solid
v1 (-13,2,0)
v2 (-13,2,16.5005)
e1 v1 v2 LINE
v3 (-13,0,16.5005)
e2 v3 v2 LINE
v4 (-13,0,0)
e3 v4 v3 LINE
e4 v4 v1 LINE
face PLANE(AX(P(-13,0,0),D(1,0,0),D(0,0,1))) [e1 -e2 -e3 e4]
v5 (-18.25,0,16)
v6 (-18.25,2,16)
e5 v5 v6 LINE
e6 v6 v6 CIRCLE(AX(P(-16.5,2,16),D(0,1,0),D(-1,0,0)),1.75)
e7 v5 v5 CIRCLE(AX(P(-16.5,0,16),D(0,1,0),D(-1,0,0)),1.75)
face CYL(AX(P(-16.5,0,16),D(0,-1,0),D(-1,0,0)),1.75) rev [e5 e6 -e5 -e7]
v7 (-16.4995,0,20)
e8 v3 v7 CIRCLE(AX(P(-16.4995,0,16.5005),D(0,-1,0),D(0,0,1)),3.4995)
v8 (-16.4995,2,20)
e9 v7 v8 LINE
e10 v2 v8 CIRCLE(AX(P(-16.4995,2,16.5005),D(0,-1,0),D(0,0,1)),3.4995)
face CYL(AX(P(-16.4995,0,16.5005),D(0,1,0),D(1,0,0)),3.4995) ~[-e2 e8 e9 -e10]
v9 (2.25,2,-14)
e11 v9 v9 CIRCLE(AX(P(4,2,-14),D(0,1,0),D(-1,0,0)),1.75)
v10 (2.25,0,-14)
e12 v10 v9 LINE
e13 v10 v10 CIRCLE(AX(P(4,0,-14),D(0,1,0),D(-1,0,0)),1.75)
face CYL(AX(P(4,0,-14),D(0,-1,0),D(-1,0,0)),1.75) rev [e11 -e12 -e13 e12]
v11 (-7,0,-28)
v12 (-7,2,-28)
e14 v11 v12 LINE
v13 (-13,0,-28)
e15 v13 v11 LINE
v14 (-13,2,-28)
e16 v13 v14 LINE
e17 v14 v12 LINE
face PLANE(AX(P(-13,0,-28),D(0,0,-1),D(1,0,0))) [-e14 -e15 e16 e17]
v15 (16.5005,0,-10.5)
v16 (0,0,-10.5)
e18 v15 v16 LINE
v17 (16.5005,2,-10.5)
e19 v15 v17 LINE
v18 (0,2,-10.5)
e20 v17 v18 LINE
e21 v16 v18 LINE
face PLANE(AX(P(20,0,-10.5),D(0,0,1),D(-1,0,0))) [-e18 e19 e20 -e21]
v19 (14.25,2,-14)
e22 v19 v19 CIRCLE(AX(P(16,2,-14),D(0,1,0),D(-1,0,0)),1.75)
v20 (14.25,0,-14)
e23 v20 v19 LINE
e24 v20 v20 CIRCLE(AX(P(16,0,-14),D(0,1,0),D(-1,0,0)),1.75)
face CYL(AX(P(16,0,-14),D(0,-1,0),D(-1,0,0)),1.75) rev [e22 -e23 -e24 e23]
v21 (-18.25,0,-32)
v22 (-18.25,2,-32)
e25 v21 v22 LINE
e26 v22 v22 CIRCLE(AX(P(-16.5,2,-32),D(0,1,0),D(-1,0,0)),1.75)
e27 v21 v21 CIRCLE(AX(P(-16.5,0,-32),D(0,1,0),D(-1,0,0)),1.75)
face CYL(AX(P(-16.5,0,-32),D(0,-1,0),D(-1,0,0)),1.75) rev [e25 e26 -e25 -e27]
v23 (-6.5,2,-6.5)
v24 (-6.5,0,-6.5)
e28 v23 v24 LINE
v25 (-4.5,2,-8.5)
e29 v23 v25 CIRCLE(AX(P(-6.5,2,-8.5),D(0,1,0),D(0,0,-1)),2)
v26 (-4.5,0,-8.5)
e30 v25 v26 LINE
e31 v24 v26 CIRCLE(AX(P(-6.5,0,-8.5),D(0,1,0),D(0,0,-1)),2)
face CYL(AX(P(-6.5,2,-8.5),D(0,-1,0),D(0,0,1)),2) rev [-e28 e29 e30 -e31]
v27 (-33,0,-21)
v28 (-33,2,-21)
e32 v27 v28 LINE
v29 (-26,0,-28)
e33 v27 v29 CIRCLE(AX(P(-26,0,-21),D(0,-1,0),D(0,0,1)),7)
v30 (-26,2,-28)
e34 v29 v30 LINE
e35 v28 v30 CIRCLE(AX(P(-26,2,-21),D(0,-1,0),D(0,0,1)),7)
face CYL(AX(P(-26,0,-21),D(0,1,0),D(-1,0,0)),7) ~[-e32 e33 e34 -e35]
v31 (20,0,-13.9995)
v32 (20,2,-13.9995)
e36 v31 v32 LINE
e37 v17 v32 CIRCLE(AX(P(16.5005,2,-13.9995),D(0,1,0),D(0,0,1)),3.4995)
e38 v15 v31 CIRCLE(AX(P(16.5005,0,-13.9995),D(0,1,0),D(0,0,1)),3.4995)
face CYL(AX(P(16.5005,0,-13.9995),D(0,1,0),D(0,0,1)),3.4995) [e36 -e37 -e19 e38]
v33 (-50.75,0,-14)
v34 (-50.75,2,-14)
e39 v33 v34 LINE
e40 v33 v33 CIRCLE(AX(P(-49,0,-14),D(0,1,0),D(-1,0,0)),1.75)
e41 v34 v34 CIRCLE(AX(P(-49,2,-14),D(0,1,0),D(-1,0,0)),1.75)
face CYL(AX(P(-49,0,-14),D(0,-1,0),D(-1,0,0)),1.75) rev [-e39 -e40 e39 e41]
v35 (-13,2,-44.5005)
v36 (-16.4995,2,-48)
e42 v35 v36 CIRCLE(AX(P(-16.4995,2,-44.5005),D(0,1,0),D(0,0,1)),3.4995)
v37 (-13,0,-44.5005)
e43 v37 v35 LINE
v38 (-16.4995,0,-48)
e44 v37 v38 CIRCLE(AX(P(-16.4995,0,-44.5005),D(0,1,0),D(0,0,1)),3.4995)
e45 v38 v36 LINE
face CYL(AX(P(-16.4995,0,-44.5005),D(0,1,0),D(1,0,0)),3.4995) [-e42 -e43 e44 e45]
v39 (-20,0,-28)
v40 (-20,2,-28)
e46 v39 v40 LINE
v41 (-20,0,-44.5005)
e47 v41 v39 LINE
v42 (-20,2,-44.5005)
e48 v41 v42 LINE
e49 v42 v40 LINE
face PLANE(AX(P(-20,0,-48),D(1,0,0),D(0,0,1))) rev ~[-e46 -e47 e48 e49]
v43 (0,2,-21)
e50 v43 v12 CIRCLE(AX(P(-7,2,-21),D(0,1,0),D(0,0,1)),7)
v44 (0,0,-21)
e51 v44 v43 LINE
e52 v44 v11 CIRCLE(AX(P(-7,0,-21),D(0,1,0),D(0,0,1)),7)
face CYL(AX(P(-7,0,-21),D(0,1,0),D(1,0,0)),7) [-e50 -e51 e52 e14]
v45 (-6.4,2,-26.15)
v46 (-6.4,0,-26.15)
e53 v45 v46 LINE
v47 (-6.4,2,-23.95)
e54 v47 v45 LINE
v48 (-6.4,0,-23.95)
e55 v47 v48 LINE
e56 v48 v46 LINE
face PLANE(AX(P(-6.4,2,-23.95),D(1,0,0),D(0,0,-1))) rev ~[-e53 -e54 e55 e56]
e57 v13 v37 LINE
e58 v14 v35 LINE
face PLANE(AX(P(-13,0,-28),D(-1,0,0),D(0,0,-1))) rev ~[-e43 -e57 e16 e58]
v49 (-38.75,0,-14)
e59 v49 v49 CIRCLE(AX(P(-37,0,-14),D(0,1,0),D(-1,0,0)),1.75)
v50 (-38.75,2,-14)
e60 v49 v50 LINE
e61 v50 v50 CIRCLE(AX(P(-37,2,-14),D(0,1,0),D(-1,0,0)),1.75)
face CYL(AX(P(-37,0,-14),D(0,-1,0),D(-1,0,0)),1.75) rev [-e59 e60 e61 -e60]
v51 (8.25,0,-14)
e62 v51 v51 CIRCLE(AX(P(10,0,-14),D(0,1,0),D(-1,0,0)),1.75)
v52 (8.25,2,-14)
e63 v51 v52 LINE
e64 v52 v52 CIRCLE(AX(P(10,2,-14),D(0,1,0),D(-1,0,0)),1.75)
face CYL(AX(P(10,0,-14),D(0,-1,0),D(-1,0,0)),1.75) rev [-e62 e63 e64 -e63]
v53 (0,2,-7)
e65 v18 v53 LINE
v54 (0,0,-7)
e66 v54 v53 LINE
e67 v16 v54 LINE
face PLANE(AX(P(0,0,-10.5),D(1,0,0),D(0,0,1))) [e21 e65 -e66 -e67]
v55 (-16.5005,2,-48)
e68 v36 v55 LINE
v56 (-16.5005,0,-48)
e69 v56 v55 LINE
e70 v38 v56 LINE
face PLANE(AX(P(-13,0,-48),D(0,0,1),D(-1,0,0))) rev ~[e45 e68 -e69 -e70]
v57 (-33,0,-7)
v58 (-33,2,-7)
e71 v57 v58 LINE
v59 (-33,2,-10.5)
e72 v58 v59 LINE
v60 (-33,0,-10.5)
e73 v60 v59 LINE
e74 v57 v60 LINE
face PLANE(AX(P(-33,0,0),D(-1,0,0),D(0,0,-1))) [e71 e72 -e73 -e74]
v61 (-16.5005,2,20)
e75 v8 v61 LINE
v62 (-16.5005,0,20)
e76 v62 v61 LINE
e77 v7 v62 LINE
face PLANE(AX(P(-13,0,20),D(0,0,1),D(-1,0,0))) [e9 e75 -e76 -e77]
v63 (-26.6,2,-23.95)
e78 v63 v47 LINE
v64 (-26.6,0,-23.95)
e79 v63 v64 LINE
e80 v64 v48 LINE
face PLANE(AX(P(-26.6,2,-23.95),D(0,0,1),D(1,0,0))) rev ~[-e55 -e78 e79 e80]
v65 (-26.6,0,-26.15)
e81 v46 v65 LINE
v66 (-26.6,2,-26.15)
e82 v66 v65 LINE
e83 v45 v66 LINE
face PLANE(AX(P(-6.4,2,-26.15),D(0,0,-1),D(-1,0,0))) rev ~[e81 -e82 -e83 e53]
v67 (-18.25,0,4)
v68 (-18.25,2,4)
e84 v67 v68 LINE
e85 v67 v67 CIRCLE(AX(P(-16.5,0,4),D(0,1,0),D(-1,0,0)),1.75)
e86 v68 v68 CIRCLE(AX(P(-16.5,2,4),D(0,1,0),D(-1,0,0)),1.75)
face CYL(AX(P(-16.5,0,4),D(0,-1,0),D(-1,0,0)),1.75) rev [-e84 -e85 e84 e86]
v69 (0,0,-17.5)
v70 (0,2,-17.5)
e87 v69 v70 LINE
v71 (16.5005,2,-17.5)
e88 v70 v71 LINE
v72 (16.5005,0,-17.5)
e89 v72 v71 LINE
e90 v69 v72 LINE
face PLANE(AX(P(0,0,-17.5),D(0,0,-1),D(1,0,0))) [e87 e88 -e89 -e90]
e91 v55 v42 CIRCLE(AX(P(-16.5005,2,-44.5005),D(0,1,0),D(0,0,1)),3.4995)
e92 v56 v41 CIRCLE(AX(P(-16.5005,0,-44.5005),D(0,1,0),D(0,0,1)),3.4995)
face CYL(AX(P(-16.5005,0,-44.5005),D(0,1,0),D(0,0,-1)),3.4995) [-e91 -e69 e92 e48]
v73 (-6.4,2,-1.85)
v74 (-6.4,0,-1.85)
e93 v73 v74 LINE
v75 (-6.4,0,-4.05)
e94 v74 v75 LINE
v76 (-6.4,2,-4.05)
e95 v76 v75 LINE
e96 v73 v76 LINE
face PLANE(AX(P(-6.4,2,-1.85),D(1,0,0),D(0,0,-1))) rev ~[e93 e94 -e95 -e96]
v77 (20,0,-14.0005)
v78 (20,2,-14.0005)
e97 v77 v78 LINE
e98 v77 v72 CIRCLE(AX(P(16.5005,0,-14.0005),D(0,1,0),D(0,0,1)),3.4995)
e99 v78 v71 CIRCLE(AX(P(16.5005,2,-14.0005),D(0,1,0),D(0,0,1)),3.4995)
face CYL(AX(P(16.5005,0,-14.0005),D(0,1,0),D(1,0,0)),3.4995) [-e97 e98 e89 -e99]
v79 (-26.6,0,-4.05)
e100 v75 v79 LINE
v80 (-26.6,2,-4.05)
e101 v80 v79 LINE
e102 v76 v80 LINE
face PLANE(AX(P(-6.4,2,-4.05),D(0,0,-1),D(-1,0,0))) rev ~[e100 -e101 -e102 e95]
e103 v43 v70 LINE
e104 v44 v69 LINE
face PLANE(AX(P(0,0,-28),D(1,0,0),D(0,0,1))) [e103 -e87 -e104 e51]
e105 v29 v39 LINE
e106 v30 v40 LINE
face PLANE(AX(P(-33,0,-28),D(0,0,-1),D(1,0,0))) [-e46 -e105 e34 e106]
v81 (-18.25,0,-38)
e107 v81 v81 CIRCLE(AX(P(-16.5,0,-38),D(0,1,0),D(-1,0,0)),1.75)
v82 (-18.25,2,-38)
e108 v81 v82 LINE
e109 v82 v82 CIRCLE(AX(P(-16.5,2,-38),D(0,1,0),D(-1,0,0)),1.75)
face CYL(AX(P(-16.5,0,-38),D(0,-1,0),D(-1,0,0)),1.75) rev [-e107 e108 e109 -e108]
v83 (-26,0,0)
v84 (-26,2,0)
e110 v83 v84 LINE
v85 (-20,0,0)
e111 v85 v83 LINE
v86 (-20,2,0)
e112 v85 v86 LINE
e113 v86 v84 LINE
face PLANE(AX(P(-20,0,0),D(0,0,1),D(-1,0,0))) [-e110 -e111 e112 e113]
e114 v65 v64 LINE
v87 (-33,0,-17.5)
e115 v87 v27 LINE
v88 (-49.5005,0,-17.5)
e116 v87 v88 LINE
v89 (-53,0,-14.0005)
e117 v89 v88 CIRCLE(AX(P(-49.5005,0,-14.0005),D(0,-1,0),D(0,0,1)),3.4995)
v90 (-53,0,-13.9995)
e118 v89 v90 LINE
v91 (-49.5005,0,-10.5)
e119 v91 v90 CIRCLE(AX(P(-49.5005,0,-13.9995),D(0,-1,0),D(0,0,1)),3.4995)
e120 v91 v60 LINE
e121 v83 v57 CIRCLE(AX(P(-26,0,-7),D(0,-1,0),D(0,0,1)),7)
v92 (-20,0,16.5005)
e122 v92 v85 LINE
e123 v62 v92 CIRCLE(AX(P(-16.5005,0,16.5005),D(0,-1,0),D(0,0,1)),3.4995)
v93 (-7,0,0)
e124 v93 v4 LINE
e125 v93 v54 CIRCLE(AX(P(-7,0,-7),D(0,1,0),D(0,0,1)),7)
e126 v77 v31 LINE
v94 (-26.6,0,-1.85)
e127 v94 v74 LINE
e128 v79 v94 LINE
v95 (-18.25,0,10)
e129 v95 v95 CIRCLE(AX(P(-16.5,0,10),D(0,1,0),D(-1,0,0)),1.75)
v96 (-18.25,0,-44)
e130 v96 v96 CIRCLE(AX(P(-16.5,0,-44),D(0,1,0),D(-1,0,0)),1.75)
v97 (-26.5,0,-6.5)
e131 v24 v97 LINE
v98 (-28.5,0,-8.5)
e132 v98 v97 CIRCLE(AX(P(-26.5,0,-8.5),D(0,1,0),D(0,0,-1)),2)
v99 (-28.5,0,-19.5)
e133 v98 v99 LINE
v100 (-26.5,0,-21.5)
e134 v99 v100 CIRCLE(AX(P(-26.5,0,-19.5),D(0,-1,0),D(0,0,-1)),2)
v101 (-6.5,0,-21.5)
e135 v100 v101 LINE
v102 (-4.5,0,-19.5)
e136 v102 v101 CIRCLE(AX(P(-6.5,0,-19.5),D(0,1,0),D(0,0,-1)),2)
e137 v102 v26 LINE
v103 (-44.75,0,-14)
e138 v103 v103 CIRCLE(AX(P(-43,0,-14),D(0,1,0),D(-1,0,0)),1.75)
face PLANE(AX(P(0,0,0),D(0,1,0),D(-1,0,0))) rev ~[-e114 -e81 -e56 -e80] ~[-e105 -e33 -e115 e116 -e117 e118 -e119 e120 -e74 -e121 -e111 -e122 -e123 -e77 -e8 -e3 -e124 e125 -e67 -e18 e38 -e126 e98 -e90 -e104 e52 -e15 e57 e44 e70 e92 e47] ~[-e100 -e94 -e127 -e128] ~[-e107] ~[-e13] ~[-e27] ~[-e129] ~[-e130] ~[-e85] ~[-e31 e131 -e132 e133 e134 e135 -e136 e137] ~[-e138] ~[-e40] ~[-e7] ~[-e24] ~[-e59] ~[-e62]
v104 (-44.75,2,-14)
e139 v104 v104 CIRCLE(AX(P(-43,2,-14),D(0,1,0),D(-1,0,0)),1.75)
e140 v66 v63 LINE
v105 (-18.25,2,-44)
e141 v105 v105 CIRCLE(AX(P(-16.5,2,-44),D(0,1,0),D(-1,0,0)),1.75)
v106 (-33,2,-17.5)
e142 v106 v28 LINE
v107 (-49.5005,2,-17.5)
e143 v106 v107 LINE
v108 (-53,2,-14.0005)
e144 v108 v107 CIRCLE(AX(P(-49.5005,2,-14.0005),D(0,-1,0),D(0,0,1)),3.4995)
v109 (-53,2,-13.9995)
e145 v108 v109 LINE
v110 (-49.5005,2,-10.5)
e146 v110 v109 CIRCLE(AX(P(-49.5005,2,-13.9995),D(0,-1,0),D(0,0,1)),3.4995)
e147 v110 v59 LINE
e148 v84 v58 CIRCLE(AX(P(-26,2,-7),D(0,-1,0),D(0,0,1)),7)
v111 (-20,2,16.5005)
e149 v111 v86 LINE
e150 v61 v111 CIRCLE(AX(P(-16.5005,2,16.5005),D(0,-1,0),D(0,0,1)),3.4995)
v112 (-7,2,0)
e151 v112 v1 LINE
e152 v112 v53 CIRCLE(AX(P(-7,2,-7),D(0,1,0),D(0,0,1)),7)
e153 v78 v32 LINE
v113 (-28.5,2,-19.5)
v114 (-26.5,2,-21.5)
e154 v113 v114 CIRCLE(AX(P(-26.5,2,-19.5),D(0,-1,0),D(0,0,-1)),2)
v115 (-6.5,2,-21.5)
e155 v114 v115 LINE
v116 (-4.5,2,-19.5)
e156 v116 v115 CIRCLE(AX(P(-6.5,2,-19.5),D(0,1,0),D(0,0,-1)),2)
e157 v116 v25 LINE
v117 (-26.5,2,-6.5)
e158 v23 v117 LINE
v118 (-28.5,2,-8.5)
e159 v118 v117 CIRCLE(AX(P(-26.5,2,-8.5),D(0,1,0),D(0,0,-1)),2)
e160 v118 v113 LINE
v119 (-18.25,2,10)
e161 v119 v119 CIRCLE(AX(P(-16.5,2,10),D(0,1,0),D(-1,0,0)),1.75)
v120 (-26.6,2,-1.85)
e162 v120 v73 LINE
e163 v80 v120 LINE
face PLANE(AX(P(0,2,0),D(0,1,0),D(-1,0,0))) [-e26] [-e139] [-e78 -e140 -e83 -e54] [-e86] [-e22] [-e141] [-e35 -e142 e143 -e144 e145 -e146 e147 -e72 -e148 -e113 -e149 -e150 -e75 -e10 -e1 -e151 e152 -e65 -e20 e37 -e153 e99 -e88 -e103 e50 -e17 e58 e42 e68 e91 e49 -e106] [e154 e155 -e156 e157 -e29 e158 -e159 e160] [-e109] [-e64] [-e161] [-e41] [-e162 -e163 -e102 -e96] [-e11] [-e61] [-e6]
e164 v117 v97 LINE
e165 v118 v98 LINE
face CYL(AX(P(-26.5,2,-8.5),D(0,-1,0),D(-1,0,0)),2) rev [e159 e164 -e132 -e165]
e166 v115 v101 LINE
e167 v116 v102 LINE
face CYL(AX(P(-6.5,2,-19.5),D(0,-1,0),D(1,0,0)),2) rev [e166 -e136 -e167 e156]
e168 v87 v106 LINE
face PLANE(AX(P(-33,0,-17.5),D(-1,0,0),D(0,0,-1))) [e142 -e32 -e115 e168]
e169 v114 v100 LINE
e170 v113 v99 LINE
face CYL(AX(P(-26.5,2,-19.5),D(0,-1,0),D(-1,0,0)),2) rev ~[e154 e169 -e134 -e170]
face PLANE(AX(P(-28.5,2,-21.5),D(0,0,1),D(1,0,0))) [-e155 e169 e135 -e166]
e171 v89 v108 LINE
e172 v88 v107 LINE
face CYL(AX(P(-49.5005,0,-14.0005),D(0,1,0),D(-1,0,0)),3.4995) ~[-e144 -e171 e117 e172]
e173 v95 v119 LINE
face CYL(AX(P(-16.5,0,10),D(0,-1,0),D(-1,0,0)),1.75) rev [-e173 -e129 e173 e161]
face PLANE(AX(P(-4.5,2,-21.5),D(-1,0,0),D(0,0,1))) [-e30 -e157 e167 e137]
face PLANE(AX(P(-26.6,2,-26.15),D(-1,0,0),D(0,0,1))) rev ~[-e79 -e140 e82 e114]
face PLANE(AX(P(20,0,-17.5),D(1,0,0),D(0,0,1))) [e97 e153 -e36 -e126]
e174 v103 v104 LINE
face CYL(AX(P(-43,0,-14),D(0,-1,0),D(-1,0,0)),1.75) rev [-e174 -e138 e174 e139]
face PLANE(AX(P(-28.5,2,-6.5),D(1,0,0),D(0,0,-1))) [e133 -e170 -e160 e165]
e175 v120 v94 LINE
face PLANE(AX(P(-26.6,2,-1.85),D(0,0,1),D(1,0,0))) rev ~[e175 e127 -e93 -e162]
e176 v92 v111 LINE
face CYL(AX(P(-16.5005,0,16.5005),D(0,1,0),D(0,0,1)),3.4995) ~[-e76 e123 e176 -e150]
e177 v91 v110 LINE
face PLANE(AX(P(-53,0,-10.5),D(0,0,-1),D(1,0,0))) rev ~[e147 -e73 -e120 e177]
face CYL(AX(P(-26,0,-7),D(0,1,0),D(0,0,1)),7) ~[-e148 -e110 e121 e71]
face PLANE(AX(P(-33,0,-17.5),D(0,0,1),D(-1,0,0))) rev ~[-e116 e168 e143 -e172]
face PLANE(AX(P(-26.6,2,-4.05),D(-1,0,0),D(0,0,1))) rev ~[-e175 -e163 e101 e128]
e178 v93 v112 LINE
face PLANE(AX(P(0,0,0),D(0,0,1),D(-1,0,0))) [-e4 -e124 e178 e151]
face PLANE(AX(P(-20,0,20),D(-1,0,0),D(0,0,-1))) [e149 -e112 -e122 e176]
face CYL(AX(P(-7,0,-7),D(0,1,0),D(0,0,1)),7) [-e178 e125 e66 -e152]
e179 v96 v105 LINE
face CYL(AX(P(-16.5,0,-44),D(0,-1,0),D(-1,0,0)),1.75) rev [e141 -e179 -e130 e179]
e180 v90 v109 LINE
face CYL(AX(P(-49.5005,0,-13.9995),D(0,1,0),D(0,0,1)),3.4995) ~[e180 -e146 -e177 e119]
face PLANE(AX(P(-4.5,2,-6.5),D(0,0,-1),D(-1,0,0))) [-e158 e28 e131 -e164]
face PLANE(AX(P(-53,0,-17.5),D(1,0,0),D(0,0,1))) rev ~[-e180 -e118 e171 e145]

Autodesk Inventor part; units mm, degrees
ref_plane "YZ Plane" through (0, 0, 0) normal (1, 0, 0) x (0, 1, 0)
ref_plane "XZ Plane" through (0, 0, 0) normal (0, 1, 0) x (-1, 0, 0)
ref_plane "XY Plane" through (0, 0, 0) normal (0, 0, 1) x (1, 0, 0)
sketch "Sketch1" plane through (0, 0, 0) normal (0, 1, 0) x (-1, 0, 0)
  line L0 (0, 0) -> (33, 0)
  line L1 (33, 0) -> (33, -28)
  line L2 (33, -28) -> (0, -28)
  line L3 (0, -28) -> (0, 0)
  line L4 (0, -17.5) -> (-20, -17.5)
  line L5 (-20, -17.5) -> (-20, -10.5)
  line L6 (-20, -10.5) -> (0, -10.5)
  line L7 (0, -10.5) -> (0, -17.5)
  line L8 (33, -17.5) -> (53, -17.5)
  line L9 (53, -17.5) -> (53, -10.5)
  line L10 (53, -10.5) -> (33, -10.5)
  line L11 (33, -10.5) -> (33, -17.5)
  line L12 (20, -28) -> (13, -28)
  line L13 (13, -28) -> (13, -48)
  line L14 (13, -48) -> (20, -48)
  line L15 (20, -48) -> (20, -28)
  line L16 (20, 0) -> (13, 0)
  line L17 (13, 0) -> (13, 20)
  line L18 (13, 20) -> (20, 20)
  line L19 (20, 20) -> (20, 0)
  circle A0 centre (16.5, -44) radius 1.75
  circle A1 centre (-16, -14) radius 1.75
  circle A2 centre (16.5, 16) radius 1.75
  circle A3 centre (49, -14) radius 1.75
  line L20 (16.5, -44) -> (16.5, -48) construction
  line L21 (-16, -14) -> (-20, -14) construction
  line L22 (16.5, 16) -> (16.5, 20) construction
  line L23 (49, -14) -> (53, -14) construction
  circle A4 centre (43, -14) radius 1.75
  circle A5 centre (37, -14) radius 1.75
  circle A6 centre (16.5, -38) radius 1.75
  circle A7 centre (16.5, -32) radius 1.75
  circle A8 centre (-10, -14) radius 1.75
  circle A9 centre (-4, -14) radius 1.75
  circle A10 centre (16.5, 10) radius 1.75
  circle A11 centre (16.5, 4) radius 1.75
  point P0 (16.5, -28)
  point P1 (16.5, 0)
  point P2 (0, -14)
  point P3 (33, -14)
  dimension "d0" = 33
  dimension "d1" = 28
  dimension "d29" = 7
  dimension "d34" = 20
  dimension "d35" = 4
  dimension "d36" = 3.5
  dimension "d44" = 6
  dimension "d51" = 6
  dimension "d58" = 6
  dimension "d65" = 6
extrude "Extrusion1" add sketch "Sketch1" along normal blind 2
sketch "Sketch2" plane through (0, 2, 0) normal (0, 1, 0) x (1, 0, 0)
  line L0 (0, 28) -> (-13, 28) projected
  line L1 (-33, 28) -> (-33, 17.5) projected
  line L2 (-33, 0) -> (-20, 0) projected
  line L3 (0, 0) -> (0, 10.5) projected
  line L4 (-26.6, 1.85) -> (-6.4, 1.85)
  line L5 (-6.4, 1.85) -> (-6.4, 4.05)
  line L6 (-6.4, 4.05) -> (-26.6, 4.05)
  line L7 (-26.6, 4.05) -> (-26.6, 1.85)
  line L8 (-26.6, 23.95) -> (-6.4, 23.95)
  line L9 (-6.4, 23.95) -> (-6.4, 26.15)
  line L10 (-6.4, 26.15) -> (-26.6, 26.15)
  line L11 (-26.6, 26.15) -> (-26.6, 23.95)
  line L12 (-26.6, 1.85) -> (-33, 1.85)
  line L13 (-26.6, 1.85) -> (-26.6, 0)
  line L14 (-26.6, 26.15) -> (-26.6, 28)
  line L15 (-6.4, 4.05) -> (0, 4.05)
  line L16 (-13, 28) -> (-13, 48) projected
  line L17 (-13, 48) -> (-20, 48) projected
  line L18 (-20, 48) -> (-20, 28) projected
  line L19 (-20, 28) -> (-33, 28) projected
  line L20 (-33, 17.5) -> (-53, 17.5) projected
  line L21 (-53, 17.5) -> (-53, 10.5) projected
  line L22 (-53, 10.5) -> (-33, 10.5) projected
  line L23 (-33, 10.5) -> (-33, 0) projected
  line L24 (-20, 0) -> (-20, -20) projected
  line L25 (-20, -20) -> (-13, -20) projected
  line L26 (-13, -20) -> (-13, 0) projected
  line L27 (-13, 0) -> (0, 0) projected
  line L28 (0, 10.5) -> (20, 10.5) projected
  line L29 (20, 10.5) -> (20, 17.5) projected
  line L30 (20, 17.5) -> (0, 17.5) projected
  line L31 (0, 17.5) -> (0, 28) projected
  line L32 (-28.5, 21.5) -> (-4.5, 21.5)
  line L33 (-4.5, 21.5) -> (-4.5, 6.5)
  line L34 (-4.5, 6.5) -> (-28.5, 6.5)
  line L35 (-28.5, 6.5) -> (-28.5, 21.5)
  line L36 (-28.5, 21.5) -> (-4.5, 6.5) construction
  line L37 (-4.5, 21.5) -> (-28.5, 6.5) construction
  point P0 (-16.5, 14)
  point P1 (-16.5, 23.95)
  point P2 (20, 14)
  dimension "d4" = 2.2
  dimension "d5" = 20.2
  dimension "d6" = 19.9
  dimension "d37" = 24
  dimension "d38" = 15
extrude "Extrusion2" cut sketch "Sketch2" against normal through all contours L10 L9 L8 L11 | L5 L4 L7 L6 | L32 L33 L34 L35
fillet "Fillet1" radius 3.5 8 edges at (-20, 1, 20) (-13, 1, 20) (20, 1, -10.5) (20, 1, -17.5) (-13, 1, -48) (-20, 1, -48) (-53, 1, -17.5) (-53, 1, -10.5)
fillet "Fillet2" radius 7 4 edges at (-33, 1, 0) (-33, 1, -28) (0, 1, -28) (0, 1, 0)
fillet "Fillet3" radius 2 4 edges at (-28.5, 1, -21.5) (-4.5, 1, -21.5) (-28.5, 1, -6.5) (-4.5, 1, -6.5)
sketch "Sketch4" plane through (0, 2, 0) normal (0, 1, 0) x (1, 0, 0)
  arc A0 (-4.5, 19.5) -> (-6.5, 21.5) centre (-6.5, 19.5) ccw construction
  line L0 (-26.5, 21.5) -> (-6.5, 21.5) construction
  line L1 (-4.5, 19.5) -> (-4.5, 8.5) construction
  arc A1 (-6.5, 6.5) -> (-4.5, 8.5) centre (-6.5, 8.5) ccw construction
  line L2 (-6.5, 6.5) -> (-26.5, 6.5) construction
  arc A2 (-28.5, 8.5) -> (-26.5, 6.5) centre (-26.5, 8.5) ccw construction
  line L3 (-28.5, 8.5) -> (-28.5, 19.5) construction
  arc A3 (-26.5, 21.5) -> (-28.5, 19.5) centre (-26.5, 19.5) ccw construction
  line L4 (-25.5, 21.5) -> (-23.5, 21.5)
  line L5 (-23.5, 21.5) -> (-23.5, 6.5)
  line L6 (-23.5, 6.5) -> (-25.5, 6.5)
  line L7 (-25.5, 6.5) -> (-25.5, 21.5)
  line L8 (-9.5, 6.5) -> (-7.5, 6.5)
  line L9 (-7.5, 6.5) -> (-7.5, 21.5)
  line L10 (-7.5, 21.5) -> (-9.5, 21.5)
  line L11 (-9.5, 21.5) -> (-9.5, 6.5)
  point P0 (0, 0)
  dimension "d70" = 3
  dimension "d71" = 3
  dimension "d72" = 2
properties part number "SoporteMarkers12"
